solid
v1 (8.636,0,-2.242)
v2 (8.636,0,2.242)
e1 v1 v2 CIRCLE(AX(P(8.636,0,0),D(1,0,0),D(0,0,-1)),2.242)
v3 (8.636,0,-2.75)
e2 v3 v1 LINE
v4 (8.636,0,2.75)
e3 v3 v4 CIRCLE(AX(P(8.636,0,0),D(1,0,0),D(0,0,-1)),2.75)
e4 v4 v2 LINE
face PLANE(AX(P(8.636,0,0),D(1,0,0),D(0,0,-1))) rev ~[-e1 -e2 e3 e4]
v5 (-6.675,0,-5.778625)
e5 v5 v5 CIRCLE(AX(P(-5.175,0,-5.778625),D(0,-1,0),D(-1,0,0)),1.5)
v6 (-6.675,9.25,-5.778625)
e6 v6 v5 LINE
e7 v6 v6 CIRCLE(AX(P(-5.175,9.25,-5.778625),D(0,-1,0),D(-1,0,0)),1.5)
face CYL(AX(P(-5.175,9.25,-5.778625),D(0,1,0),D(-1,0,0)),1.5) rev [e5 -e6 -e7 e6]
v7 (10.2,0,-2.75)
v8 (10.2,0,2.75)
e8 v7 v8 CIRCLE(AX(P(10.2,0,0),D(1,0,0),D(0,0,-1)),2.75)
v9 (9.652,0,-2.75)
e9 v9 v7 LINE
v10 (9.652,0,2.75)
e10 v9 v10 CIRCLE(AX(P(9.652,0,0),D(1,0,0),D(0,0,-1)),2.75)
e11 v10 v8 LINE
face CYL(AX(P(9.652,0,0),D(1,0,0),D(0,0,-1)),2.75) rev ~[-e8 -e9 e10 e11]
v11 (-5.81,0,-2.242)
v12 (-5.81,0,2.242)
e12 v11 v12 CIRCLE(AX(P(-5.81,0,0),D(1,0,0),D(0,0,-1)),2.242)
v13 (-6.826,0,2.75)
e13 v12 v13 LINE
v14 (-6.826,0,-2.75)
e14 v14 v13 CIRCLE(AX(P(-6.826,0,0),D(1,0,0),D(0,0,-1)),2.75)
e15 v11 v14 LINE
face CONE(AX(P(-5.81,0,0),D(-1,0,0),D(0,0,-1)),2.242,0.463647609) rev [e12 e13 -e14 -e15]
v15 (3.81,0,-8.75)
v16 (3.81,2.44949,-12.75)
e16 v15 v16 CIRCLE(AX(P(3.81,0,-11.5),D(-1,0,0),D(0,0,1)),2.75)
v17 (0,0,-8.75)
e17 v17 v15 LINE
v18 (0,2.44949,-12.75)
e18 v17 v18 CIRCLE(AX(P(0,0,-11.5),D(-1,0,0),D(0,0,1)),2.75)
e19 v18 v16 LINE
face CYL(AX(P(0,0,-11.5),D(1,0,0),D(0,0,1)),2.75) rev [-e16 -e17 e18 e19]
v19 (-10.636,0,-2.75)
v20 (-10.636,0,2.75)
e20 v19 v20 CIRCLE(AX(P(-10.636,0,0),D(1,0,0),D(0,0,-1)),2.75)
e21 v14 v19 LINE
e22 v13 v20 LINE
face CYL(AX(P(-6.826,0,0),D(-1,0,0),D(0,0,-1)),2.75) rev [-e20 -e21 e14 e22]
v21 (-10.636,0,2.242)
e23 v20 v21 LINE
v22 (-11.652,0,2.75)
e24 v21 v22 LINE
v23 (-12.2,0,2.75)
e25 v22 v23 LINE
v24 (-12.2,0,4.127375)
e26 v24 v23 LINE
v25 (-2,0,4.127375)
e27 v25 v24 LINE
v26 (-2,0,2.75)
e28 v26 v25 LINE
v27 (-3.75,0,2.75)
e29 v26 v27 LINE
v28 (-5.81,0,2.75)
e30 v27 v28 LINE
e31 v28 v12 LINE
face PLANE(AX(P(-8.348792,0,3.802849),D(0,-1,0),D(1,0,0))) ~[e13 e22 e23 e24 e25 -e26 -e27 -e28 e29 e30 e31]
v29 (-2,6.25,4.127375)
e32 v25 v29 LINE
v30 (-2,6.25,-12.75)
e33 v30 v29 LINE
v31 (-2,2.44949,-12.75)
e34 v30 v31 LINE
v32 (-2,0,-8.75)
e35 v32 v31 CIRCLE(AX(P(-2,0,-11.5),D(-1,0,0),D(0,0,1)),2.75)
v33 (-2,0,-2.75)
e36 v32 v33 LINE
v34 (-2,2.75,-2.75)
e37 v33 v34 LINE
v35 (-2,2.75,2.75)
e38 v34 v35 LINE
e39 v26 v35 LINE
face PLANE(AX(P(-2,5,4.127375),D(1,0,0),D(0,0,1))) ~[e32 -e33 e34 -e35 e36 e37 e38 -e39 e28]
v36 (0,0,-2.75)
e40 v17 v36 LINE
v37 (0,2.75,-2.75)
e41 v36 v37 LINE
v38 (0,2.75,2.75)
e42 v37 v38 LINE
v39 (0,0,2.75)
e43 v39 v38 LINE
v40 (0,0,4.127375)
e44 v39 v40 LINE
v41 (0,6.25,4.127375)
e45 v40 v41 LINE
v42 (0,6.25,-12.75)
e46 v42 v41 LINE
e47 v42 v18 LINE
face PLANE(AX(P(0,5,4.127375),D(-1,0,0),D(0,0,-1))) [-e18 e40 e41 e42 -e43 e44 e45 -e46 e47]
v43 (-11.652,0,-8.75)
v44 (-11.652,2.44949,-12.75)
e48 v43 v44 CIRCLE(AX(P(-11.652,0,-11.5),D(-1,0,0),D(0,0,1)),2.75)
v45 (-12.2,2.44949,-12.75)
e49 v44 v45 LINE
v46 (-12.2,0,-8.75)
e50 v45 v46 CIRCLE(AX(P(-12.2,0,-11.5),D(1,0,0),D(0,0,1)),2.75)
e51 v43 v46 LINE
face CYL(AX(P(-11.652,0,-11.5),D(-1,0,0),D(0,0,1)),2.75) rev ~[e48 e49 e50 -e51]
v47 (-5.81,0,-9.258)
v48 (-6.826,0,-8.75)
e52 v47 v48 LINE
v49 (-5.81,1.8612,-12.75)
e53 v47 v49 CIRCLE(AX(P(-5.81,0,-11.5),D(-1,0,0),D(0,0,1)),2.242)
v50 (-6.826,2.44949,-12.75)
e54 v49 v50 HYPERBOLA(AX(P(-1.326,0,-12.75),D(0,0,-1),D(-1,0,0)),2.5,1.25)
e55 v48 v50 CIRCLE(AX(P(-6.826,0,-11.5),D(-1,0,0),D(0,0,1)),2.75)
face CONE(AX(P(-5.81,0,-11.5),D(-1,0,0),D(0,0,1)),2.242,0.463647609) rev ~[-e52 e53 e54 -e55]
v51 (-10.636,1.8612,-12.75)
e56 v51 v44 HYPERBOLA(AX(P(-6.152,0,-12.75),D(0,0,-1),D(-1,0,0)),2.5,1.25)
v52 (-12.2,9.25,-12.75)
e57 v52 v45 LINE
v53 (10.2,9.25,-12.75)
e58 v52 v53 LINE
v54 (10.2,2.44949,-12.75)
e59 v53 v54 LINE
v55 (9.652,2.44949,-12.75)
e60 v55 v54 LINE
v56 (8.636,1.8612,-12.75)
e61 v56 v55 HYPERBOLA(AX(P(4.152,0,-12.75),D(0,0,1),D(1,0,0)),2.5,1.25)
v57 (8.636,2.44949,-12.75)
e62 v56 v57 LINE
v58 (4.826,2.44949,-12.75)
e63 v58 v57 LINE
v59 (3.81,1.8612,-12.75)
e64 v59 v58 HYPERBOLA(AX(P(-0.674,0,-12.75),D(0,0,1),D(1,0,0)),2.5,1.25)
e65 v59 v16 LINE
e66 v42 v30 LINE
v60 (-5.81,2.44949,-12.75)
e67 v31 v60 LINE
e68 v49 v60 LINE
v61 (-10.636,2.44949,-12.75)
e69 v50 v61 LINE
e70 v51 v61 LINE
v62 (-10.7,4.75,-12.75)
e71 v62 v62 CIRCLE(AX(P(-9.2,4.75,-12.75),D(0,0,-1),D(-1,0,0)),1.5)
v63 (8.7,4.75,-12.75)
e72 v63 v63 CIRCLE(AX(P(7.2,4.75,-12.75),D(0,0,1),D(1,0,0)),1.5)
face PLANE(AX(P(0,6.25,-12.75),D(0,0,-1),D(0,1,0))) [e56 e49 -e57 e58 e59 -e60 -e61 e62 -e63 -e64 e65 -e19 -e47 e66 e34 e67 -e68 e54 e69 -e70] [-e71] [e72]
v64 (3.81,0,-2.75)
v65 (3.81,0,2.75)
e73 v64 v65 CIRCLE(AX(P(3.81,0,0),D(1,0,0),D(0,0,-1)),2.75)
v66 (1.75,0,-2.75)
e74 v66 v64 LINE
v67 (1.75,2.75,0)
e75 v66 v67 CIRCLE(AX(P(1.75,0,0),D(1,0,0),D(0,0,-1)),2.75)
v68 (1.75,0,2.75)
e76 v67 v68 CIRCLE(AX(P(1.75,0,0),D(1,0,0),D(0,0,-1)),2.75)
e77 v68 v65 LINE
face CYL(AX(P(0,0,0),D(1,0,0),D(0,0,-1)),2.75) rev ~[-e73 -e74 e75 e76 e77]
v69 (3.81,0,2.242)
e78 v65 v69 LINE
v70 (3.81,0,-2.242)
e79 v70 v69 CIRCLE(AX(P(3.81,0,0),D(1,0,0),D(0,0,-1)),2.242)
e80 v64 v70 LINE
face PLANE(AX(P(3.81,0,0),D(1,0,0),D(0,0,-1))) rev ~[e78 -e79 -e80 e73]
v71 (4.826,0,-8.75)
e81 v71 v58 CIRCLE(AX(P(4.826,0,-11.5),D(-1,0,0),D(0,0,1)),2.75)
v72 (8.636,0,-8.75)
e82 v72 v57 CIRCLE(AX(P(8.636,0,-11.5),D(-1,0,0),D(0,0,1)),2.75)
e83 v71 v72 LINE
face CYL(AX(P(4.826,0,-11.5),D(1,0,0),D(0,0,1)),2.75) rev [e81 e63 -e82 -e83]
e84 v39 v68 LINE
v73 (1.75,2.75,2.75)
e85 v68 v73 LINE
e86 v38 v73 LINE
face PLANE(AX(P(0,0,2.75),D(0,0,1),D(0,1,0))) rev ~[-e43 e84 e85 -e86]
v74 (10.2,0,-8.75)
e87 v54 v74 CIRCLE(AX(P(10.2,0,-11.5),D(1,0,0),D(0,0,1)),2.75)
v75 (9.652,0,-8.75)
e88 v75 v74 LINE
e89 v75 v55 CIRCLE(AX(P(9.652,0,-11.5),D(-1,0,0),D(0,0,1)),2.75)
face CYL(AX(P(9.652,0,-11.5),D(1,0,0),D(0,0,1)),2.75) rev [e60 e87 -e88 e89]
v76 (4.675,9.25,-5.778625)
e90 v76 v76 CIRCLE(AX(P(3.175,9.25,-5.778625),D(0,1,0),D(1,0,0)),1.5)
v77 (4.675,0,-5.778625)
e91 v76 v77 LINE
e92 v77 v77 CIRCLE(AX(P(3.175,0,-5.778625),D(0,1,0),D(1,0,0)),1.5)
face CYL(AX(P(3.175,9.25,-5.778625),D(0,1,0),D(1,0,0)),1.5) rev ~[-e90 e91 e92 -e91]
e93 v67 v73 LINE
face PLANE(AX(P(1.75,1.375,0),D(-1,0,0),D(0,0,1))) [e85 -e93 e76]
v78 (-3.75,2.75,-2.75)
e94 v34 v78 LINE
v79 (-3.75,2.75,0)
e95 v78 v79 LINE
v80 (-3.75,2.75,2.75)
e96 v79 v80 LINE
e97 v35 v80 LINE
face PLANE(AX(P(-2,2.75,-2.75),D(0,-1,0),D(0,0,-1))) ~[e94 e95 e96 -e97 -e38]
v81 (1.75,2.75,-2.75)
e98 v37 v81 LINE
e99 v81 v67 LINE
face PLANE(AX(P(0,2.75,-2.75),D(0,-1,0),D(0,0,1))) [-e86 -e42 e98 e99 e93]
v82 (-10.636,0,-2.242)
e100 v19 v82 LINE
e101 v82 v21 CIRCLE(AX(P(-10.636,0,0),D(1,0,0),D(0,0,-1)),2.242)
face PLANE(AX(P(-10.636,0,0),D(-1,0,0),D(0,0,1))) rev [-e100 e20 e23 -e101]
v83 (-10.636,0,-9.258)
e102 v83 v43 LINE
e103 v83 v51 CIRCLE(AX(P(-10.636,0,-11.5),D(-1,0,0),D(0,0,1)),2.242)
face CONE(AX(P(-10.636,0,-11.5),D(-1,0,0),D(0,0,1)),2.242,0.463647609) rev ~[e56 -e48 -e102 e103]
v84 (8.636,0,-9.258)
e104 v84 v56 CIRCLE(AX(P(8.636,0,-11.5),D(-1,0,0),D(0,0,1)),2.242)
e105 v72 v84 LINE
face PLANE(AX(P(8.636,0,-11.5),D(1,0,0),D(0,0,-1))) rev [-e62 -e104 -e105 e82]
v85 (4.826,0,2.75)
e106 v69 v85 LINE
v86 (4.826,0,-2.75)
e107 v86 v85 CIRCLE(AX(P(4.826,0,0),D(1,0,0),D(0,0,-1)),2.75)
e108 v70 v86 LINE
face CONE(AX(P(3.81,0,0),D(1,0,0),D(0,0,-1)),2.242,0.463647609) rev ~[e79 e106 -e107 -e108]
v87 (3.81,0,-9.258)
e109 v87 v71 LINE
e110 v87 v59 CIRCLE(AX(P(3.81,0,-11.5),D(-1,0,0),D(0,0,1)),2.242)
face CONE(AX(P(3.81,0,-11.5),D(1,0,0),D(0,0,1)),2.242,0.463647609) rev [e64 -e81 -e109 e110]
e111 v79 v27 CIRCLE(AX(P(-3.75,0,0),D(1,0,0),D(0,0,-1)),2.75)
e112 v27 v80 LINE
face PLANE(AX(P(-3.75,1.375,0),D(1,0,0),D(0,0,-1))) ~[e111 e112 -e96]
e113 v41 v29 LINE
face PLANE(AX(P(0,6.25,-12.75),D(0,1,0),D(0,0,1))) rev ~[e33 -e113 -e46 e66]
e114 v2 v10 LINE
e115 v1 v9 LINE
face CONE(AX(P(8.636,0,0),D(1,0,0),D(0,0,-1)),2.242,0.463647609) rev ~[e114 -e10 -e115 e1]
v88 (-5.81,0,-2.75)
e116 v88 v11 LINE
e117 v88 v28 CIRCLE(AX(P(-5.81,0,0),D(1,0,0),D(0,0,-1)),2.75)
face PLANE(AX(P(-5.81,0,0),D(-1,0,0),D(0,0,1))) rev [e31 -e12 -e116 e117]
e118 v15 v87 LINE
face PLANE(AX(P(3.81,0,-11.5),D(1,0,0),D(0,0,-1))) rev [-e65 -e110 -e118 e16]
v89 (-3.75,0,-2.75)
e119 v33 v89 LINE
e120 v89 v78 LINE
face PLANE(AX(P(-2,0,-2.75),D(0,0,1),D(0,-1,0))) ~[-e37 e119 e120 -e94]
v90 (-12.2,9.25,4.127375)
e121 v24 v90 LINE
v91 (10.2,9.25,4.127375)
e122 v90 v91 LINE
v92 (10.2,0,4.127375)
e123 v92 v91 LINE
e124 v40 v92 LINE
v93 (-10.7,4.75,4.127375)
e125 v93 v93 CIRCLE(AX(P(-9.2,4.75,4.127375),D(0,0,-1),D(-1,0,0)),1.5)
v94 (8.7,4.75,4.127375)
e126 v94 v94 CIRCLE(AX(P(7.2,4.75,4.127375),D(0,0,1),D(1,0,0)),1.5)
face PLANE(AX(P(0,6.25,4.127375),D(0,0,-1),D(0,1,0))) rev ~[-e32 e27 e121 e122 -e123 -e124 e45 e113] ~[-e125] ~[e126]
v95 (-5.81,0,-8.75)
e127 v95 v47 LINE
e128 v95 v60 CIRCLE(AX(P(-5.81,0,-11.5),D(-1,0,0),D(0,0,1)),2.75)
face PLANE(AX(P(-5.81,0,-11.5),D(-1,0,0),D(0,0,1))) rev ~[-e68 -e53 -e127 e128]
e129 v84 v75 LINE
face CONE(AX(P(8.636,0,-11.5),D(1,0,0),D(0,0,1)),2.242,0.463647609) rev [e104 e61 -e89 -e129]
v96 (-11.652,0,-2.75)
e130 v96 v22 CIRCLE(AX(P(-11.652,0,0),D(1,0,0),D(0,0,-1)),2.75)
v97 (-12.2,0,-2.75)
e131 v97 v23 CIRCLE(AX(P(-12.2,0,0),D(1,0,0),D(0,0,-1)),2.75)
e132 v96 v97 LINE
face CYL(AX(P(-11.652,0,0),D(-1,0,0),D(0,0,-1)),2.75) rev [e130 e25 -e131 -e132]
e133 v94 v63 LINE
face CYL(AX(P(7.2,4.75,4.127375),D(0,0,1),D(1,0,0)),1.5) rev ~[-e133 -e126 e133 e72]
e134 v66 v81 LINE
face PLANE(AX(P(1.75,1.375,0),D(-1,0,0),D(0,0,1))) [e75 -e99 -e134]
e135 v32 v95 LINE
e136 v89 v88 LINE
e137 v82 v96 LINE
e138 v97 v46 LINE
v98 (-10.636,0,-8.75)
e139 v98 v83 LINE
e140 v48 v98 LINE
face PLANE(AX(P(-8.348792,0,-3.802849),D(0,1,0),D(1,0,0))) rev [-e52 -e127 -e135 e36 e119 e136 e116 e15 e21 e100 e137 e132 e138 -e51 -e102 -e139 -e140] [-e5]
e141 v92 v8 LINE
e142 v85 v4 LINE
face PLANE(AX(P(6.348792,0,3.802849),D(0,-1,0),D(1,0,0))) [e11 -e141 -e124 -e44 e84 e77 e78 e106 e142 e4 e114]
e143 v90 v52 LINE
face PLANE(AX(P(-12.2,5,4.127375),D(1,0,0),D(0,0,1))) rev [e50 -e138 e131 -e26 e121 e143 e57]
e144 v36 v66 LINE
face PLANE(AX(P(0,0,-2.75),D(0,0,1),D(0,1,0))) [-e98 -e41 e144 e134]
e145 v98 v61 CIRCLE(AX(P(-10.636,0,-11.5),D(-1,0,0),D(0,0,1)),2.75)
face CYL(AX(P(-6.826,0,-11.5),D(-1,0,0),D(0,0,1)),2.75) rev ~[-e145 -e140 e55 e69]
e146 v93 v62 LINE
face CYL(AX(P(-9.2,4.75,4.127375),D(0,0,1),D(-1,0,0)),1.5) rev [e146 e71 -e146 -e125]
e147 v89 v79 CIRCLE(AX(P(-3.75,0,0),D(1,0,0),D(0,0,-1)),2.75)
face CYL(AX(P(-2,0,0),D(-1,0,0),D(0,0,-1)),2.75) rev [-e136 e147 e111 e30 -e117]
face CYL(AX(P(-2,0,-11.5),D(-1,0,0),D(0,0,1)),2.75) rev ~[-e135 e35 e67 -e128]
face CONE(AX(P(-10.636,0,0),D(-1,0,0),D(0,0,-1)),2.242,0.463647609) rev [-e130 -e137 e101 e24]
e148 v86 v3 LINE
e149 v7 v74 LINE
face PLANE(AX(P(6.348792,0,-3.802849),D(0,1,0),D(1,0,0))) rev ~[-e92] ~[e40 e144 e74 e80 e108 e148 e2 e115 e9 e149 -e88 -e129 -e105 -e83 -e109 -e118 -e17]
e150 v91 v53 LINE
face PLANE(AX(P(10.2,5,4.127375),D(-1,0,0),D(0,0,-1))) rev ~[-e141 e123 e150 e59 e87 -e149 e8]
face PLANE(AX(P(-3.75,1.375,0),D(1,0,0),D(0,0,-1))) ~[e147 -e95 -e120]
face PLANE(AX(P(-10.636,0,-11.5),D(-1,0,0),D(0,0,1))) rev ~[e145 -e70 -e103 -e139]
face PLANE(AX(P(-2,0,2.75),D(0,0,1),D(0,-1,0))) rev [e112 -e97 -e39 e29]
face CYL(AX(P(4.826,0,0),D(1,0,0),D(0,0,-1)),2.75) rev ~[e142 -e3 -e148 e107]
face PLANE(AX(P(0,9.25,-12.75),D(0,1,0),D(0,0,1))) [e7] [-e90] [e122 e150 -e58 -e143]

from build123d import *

# Parameters (mm, degrees)
REVOLVE1_ANGLE           = 180
BOSS_EXTRUDE1_DEPTH      = 9.25
BOSS_EXTRUDE1_DEPTH_BACK = 9.25
BOSS_EXTRUDE2_START      = 3.5
BOSS_EXTRUDE2_DEPTH      = 5.75
BOSS_EXTRUDE3_START      = -3.5
BOSS_EXTRUDE3_DEPTH      = 5.75
SKETCH14_W               = 2.5
SKETCH14_H               = 5
CUT_EXTRUDE10_DEPTH      = 17.487950145
SKETCH13_W               = 5.5
SKETCH13_H               = 2.75
CUT_EXTRUDE9_DEPTH       = 1.75
SKETCH15_W               = 12.7
SKETCH15_H               = 8
CUT_EXTRUDE11_DEPTH      = 25.836515456
SKETCH16_W               = 5.122625222
SKETCH16_H               = 5
CUT_EXTRUDE12_DEPTH      = 19.677593528
SKETCH22_W               = 2.5
SKETCH22_H               = 5
CUT_EXTRUDE17_DEPTH      = 22.705662381
SKETCH17_W               = 10.2
SKETCH17_H               = 16.877374778
BOSS_EXTRUDE4_DEPTH      = 4.25
SKETCH18_R               = 1.5
CUT_EXTRUDE13_DEPTH      = 28.275588567
SKETCH19_R               = 1.5
CUT_EXTRUDE14_DEPTH      = 27.141829157
SKETCH20_R               = 1.5
CUT_EXTRUDE16_DEPTH      = 24.804137104
SKETCH23_W               = 16.877374778
SKETCH23_H               = 3
BOSS_EXTRUDE5_DEPTH      = 1


with BuildPart() as part:
    # Sketch6 → Revolve1 (revolve)
    with BuildSketch(Plane(origin=(0, 0, 0), x_dir=(1, 0, 0), z_dir=(0, 1, 0))):
        Polygon((0, 5), (0, 2.75), (3.81, 2.75), (3.81, 2.242), (4.826, 2.75), (8.636, 2.75), (8.636, 2.242), (9.652, 2.75), (12.7, 2.75), (12.7, 5), align=None)
    revolve(axis=Axis((0, 0, 0), (1, 0, 0)), revolution_arc=REVOLVE1_ANGLE)

    # Sketch9 → Boss-Extrude1 (add, two sides: drawn at the far end of the back side and taken through both)
    with BuildSketch(Plane.XY.offset(-BOSS_EXTRUDE1_DEPTH_BACK)):
        Polygon((0, 5), (0, 3.25), (12.7, 2.75), (12.7, 5), align=None)
    extrude(amount=BOSS_EXTRUDE1_DEPTH + BOSS_EXTRUDE1_DEPTH_BACK)

    # Sketch9<3> → Boss-Extrude2 (add)
    with BuildSketch(Plane.XY.offset(BOSS_EXTRUDE2_START)):
        Polygon((0, 3.25), (0, 0), (12.7, 0), (12.7, 2.75), align=None)
    extrude(amount=BOSS_EXTRUDE2_DEPTH)

    # Sketch9<4> → Boss-Extrude3 (add)
    with BuildSketch(Plane.XY.offset(BOSS_EXTRUDE3_START)):
        Polygon((0, 3.25), (0, 0), (12.7, 0), (12.7, 2.75), align=None)
    extrude(amount=-BOSS_EXTRUDE3_DEPTH)

    # Sketch14 → Cut-Extrude10 (cut, through all)
    with BuildSketch(Plane.ZY):
        with Locations((-8, 2.5)):
            Rectangle(SKETCH14_W, SKETCH14_H)
    extrude(amount=-CUT_EXTRUDE10_DEPTH, mode=Mode.SUBTRACT)

    # Mirror4: part across plane


with BuildPart() as part_1:
    add(part.part)
    add(part.part.mirror(Plane.XY.offset(-5.75)))

    # Sketch13 → Cut-Extrude9 (cut)
    with BuildSketch(Plane.ZY):
        with Locations((0, 1.375)):
            Rectangle(SKETCH13_W, SKETCH13_H)
    extrude(amount=-CUT_EXTRUDE9_DEPTH, mode=Mode.SUBTRACT)

    # Sketch15 → Cut-Extrude11 (cut, through all)
    with BuildSketch(Plane(origin=(0, 5, 0), x_dir=(1, 0, 0), z_dir=(0, 1, 0))):
        with Locations((6.35, 16.75)):
            Rectangle(SKETCH15_W, SKETCH15_H)
    extrude(amount=-CUT_EXTRUDE11_DEPTH, mode=Mode.SUBTRACT)

    # Sketch16 → Cut-Extrude12 (cut, through all)
    with BuildSketch(Plane.ZY):
        with Locations((6.688687389, 2.5)):
            Rectangle(SKETCH16_W, SKETCH16_H)
    extrude(amount=-CUT_EXTRUDE12_DEPTH, mode=Mode.SUBTRACT)

    # Sketch22 → Cut-Extrude17 (cut, through all)
    with BuildSketch(Plane.XY.offset(4.127374778)):
        with Locations((11.45, 2.5)):
            Rectangle(SKETCH22_W, SKETCH22_H)
    extrude(amount=-CUT_EXTRUDE17_DEPTH, mode=Mode.SUBTRACT)


with BuildPart() as body_2:
    # Mirror8: mirrored copy
    add(part_1.part.mirror(Plane.XY.offset(5.397374778)))

    # Sketch19 → Cut-Extrude14 (cut, through all)
    with BuildSketch(Plane(origin=(0, 5, 0), x_dir=(1, 0, 0), z_dir=(0, 1, 0))):
        with Locations((3.175, -16.573374778)):
            Circle(SKETCH19_R)
    extrude(amount=-CUT_EXTRUDE14_DEPTH, mode=Mode.SUBTRACT)


with BuildPart() as part_2:
    add(part_1.part)

    # Sketch17 → Boss-Extrude4 (add)
    with BuildSketch(Plane(origin=(0, 5, 0), x_dir=(1, 0, 0), z_dir=(0, 1, 0))):
        with Locations((5.1, 4.311312611)):
            Rectangle(SKETCH17_W, SKETCH17_H)
    extrude(amount=BOSS_EXTRUDE4_DEPTH)

    # Sketch18 → Cut-Extrude13 (cut, through all)
    with BuildSketch(Plane(origin=(0, 9.25, 0), x_dir=(1, 0, 0), z_dir=(0, 1, 0))):
        with Locations((3.175, 5.778625222)):
            Circle(SKETCH18_R)
    extrude(amount=-CUT_EXTRUDE13_DEPTH, mode=Mode.SUBTRACT)

    # Sketch20 → Cut-Extrude16 (cut, through all)
    with BuildSketch(Plane.XY.offset(4.127374778)):
        with Locations((7.2, 4.75)):
            Circle(SKETCH20_R)
    extrude(amount=-CUT_EXTRUDE16_DEPTH, mode=Mode.SUBTRACT)

    # Sketch23 → Boss-Extrude5 (add)
    with BuildSketch(Plane.ZY):
        with Locations((-4.311312611, 7.75)):
            Rectangle(SKETCH23_W, SKETCH23_H)
    extrude(amount=BOSS_EXTRUDE5_DEPTH)


with BuildPart() as body_3:
    # Mirror9: mirrored copy
    add(part_2.part.mirror(Plane.ZY.offset(1)))

    # Combine1: union part
    add(part_2.part)


solid = body_3.part
